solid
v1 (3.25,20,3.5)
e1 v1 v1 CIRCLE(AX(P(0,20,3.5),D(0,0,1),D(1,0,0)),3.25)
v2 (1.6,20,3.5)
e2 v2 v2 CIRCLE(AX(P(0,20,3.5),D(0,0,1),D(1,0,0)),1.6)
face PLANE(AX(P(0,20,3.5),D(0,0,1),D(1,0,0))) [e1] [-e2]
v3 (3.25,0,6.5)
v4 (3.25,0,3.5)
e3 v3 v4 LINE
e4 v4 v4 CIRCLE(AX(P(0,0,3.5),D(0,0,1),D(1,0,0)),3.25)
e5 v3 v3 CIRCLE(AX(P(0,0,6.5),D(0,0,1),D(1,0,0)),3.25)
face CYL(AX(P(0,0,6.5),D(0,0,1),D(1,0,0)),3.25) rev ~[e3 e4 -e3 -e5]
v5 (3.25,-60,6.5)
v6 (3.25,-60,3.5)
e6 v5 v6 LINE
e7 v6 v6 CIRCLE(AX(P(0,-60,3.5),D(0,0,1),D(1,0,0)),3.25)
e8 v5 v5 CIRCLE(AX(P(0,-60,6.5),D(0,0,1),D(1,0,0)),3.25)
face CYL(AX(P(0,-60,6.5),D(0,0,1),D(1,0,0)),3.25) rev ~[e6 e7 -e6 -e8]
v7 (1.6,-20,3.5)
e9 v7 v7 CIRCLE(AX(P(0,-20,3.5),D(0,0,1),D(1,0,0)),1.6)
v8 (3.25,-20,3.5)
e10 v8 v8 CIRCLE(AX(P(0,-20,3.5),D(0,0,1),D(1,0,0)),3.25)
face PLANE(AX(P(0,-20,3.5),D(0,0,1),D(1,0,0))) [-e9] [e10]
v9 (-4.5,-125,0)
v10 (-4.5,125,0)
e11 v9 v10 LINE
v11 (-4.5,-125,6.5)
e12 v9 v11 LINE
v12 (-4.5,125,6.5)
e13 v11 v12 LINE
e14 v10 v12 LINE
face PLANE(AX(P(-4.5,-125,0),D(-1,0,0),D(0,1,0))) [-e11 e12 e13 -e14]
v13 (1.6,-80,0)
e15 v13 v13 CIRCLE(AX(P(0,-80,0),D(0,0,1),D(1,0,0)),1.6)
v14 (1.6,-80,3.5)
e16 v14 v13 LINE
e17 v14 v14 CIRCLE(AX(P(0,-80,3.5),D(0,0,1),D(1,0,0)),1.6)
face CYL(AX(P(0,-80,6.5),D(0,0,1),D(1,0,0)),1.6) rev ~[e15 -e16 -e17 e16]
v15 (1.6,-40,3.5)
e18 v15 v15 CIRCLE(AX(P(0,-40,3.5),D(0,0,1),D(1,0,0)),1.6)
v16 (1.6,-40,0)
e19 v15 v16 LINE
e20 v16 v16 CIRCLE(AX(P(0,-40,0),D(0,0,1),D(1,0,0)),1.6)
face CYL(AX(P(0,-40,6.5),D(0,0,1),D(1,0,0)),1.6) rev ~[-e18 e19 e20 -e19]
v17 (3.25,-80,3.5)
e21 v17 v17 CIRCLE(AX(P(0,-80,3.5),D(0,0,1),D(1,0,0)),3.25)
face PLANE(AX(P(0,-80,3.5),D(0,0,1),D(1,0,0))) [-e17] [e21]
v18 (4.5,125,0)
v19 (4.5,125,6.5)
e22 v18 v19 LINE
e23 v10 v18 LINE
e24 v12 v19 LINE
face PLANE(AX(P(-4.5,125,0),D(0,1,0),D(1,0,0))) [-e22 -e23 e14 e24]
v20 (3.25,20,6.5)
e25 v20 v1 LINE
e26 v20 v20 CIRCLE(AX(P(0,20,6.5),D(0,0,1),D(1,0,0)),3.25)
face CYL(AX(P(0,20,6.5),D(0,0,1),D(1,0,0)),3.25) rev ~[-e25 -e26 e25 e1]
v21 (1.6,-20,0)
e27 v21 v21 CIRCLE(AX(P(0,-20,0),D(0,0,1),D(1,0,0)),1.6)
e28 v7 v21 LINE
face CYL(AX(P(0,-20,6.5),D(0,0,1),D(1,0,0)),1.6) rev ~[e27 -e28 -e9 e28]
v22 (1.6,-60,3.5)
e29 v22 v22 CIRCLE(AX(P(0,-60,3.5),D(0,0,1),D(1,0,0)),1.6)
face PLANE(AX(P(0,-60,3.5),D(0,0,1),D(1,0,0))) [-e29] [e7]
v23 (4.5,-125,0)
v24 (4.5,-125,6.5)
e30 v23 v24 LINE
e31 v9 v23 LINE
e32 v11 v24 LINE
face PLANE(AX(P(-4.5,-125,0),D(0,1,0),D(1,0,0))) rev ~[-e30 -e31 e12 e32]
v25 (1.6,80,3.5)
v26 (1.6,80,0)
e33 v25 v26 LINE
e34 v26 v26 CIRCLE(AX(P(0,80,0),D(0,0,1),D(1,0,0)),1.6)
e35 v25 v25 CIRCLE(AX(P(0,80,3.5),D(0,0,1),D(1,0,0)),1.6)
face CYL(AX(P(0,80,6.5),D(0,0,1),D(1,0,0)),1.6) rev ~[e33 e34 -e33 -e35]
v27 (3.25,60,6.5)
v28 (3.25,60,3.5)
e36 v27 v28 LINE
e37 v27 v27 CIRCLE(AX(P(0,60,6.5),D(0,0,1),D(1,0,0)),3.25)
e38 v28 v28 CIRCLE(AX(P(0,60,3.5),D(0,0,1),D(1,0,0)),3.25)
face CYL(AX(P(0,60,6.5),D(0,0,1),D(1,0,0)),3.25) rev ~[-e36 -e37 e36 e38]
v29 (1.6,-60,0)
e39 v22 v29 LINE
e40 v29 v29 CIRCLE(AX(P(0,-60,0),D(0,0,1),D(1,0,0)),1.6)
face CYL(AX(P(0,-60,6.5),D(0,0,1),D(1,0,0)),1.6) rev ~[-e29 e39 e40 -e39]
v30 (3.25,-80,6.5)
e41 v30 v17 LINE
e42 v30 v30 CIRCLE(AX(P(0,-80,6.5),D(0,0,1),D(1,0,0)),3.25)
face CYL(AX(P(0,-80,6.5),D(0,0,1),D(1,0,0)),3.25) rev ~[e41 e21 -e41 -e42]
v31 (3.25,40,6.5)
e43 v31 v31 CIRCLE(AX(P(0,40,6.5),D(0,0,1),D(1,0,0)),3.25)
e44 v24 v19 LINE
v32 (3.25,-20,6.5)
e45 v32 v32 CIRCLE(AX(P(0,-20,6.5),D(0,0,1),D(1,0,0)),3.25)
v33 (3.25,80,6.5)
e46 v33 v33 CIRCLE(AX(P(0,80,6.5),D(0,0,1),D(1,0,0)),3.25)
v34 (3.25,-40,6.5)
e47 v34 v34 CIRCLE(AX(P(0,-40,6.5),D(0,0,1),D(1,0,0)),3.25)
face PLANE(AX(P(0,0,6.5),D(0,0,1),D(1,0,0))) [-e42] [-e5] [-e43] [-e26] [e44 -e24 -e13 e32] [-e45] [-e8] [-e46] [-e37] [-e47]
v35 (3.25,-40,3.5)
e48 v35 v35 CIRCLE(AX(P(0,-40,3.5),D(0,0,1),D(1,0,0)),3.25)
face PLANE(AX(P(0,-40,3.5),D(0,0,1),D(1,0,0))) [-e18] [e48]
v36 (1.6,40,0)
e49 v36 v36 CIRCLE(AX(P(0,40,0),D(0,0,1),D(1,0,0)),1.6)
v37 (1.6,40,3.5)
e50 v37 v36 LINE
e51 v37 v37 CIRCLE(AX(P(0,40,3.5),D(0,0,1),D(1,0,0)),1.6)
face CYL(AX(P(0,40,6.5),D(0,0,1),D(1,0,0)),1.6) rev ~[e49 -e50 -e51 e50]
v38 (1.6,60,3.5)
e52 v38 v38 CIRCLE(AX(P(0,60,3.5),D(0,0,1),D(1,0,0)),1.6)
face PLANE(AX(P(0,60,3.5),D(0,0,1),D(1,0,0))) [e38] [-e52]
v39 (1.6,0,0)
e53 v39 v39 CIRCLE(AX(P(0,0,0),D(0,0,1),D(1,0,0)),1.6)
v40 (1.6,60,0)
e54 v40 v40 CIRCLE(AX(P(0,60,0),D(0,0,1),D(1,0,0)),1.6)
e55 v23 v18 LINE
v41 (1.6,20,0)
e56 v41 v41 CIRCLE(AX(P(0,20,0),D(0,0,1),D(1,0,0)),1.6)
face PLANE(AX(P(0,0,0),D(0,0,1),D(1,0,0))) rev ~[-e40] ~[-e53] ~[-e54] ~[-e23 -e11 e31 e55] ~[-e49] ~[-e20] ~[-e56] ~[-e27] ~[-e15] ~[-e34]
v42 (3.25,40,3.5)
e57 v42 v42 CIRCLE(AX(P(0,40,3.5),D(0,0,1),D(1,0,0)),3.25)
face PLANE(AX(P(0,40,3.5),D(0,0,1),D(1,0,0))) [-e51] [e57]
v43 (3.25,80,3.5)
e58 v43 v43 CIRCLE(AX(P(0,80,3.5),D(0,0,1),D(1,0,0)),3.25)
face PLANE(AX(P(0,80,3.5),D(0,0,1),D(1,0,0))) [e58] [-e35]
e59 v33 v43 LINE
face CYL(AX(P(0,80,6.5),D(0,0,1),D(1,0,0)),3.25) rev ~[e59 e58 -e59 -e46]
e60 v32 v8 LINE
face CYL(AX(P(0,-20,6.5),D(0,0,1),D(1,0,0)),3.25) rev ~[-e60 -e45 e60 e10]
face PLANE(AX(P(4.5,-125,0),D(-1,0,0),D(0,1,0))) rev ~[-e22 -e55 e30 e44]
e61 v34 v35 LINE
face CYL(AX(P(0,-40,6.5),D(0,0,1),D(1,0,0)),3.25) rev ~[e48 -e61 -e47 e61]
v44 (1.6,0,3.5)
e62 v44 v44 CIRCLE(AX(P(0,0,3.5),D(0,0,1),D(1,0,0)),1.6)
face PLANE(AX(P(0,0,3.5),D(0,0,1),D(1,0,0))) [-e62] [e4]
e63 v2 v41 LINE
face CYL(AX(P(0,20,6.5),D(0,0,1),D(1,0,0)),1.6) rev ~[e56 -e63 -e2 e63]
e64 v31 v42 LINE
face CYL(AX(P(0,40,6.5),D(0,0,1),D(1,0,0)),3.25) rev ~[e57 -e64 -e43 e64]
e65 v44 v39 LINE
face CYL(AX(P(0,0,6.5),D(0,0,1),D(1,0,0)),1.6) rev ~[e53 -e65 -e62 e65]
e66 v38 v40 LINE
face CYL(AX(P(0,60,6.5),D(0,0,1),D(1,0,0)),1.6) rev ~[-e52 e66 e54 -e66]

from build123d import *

# Parameters (mm, degrees)
SKETCH_1_W          = 9
SKETCH_1_H          = 250
EXTRUDE_1_DEPTH     = 6.5
SKETCH_2_R          = 1.6
CUT_EXTRUDE_1_DEPTH = 126.249750499
SKETCH_3_R          = 3.25
CUT_EXTRUDE_2_DEPTH = 3


with BuildPart() as part:
    # 草图1 → 凸台-拉伸1 (new body)
    with BuildSketch(Plane.XY):
        Rectangle(SKETCH_1_W, SKETCH_1_H)
    extrude(amount=EXTRUDE_1_DEPTH)

    # 草图2 → 切除-拉伸1 (cut, through all)
    with BuildSketch(Plane.XY.offset(6.5)):
        Circle(SKETCH_2_R)
        with Locations((0, 20)):
            Circle(SKETCH_2_R)
        with Locations((0, 40)):
            Circle(SKETCH_2_R)
        with Locations((0, 60)):
            Circle(SKETCH_2_R)
        with Locations((0, 80)):
            Circle(SKETCH_2_R)
        with Locations((0, -20)):
            Circle(SKETCH_2_R)
        with Locations((0, -40)):
            Circle(SKETCH_2_R)
        with Locations((0, -60)):
            Circle(SKETCH_2_R)
        with Locations((0, -80)):
            Circle(SKETCH_2_R)
    extrude(amount=-CUT_EXTRUDE_1_DEPTH, mode=Mode.SUBTRACT)

    # 草图3 → 切除-拉伸2 (cut)
    with BuildSketch(Plane.XY.offset(6.5)):
        with Locations((0, 80)):
            Circle(SKETCH_3_R)
        with Locations((0, 60)):
            Circle(SKETCH_3_R)
        with Locations((0, 40)):
            Circle(SKETCH_3_R)
        with Locations((0, 20)):
            Circle(SKETCH_3_R)
        Circle(SKETCH_3_R)
        with Locations((0, -20)):
            Circle(SKETCH_3_R)
        with Locations((0, -40)):
            Circle(SKETCH_3_R)
        with Locations((0, -60)):
            Circle(SKETCH_3_R)
        with Locations((0, -80)):
            Circle(SKETCH_3_R)
    extrude(amount=-CUT_EXTRUDE_2_DEPTH, mode=Mode.SUBTRACT)


solid = part.part
